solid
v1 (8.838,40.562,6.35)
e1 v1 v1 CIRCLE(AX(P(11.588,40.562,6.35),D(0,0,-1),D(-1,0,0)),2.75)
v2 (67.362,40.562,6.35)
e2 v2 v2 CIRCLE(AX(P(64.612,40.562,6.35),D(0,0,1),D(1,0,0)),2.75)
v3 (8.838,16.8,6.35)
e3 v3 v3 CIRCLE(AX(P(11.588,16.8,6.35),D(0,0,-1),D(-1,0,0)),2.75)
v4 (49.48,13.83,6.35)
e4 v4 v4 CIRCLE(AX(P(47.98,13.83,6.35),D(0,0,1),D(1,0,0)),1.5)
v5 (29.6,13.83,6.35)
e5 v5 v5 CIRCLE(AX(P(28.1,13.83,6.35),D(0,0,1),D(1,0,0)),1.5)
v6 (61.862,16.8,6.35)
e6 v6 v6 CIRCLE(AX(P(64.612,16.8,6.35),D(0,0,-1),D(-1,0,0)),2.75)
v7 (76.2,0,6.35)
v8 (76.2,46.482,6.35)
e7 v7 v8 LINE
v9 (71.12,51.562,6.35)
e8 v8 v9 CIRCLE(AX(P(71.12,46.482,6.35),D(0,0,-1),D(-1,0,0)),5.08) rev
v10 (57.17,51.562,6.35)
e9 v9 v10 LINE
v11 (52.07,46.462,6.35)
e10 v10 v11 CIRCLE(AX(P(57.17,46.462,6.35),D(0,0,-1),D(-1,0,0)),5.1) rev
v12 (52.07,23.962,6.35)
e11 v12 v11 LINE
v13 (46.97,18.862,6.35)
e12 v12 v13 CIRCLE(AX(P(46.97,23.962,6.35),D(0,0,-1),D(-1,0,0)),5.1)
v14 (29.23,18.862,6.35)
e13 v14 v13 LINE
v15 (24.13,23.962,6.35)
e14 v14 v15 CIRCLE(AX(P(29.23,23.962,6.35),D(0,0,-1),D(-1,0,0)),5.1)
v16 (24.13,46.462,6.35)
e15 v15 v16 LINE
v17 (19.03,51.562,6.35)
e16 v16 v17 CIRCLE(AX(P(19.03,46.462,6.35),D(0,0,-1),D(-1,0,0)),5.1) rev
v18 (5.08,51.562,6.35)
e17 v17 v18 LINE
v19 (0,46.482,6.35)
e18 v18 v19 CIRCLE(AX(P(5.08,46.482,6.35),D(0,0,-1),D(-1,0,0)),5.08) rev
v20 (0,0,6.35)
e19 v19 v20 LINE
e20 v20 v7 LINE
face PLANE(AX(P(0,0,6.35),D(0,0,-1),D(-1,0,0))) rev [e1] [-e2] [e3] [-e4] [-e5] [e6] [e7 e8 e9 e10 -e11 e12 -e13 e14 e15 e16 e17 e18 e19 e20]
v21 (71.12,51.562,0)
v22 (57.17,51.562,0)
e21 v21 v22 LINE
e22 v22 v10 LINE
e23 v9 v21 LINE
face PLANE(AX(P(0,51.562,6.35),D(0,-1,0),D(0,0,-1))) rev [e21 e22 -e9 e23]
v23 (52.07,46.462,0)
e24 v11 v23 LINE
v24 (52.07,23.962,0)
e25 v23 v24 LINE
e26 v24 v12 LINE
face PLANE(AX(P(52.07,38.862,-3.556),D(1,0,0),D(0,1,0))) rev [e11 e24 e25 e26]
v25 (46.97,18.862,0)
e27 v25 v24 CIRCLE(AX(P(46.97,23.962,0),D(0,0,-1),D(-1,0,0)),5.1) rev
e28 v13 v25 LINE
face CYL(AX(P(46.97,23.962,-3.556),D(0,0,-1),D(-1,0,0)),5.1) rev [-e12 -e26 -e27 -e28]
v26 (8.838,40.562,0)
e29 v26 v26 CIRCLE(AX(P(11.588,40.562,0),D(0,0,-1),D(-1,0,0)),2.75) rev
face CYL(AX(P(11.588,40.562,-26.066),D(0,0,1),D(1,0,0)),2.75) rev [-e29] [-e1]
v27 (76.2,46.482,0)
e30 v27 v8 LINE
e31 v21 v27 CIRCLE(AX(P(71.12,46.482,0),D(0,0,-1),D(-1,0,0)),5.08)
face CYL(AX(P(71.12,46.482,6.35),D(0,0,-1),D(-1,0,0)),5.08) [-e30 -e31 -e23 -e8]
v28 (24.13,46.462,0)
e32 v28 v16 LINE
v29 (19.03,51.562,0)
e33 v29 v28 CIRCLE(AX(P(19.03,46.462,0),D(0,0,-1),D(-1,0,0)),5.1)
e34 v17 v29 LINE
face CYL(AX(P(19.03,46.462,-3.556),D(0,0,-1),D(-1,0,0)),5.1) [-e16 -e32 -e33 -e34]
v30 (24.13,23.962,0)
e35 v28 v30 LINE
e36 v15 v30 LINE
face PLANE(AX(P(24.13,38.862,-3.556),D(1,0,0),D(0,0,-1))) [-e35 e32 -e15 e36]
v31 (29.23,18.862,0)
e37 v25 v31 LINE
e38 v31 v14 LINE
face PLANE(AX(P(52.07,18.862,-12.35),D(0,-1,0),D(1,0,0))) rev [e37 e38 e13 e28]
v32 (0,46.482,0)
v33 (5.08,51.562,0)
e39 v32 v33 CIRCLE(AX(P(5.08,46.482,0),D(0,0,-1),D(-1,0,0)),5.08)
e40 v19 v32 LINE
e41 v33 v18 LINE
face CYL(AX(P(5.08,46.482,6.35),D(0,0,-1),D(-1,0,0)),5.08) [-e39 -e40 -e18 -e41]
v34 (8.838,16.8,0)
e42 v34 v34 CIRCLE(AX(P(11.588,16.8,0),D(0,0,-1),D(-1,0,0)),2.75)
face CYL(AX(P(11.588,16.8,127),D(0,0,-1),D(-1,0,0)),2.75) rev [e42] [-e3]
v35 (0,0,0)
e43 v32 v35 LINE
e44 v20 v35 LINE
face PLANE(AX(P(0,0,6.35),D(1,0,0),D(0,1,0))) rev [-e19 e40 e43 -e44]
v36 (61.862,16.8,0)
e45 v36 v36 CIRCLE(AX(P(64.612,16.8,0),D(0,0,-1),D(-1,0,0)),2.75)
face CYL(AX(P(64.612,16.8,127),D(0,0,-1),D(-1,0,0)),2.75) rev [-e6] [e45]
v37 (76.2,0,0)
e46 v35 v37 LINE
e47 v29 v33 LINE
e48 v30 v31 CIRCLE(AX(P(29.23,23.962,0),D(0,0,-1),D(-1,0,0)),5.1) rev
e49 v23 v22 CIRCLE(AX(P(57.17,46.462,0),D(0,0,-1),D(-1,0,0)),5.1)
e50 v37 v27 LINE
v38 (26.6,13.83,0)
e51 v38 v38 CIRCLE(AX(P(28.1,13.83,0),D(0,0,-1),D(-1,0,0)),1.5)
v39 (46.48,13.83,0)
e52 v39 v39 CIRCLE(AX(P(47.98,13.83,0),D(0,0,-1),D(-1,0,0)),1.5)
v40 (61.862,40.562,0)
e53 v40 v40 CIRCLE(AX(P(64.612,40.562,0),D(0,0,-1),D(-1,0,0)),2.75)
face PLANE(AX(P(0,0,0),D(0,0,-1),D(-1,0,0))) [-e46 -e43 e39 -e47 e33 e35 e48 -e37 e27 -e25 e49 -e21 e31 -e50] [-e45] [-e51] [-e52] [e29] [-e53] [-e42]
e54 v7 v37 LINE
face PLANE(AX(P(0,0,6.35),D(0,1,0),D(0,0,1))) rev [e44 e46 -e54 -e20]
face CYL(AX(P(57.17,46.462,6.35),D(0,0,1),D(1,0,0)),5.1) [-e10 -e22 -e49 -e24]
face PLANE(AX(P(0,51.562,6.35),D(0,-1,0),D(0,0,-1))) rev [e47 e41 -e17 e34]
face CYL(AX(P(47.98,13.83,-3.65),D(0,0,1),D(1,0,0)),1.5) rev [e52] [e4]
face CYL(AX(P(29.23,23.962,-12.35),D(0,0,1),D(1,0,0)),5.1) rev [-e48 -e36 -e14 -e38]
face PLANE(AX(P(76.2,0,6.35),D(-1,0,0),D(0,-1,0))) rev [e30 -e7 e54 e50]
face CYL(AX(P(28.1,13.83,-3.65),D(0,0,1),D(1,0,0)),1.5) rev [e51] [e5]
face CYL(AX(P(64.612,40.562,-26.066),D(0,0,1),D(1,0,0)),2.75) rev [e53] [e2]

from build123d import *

# Parameters (mm, degrees)
SKETCH1_W           = 76.2
SKETCH1_H           = 51.562
BOSS_EXTRUDE1_DEPTH = 6.35
SKETCH2_W           = 27.94
SKETCH2_H           = 12.7
CUT_EXTRUDE1_DEPTH  = 9.906
FILLET1_R           = 5.08
SKETCH7_R           = 2.75
CUT_EXTRUDE2_DEPTH  = 127
CUT_EXTRUDE4_DEPTH  = 32.416
SKETCH9_W           = 27.94
SKETCH9_H           = 20
CUT_EXTRUDE5_DEPTH  = 18.7
FILLET2_R           = 5.1
SKETCH10_R          = 1.5
CUT_EXTRUDE6_DEPTH  = 10


with BuildPart() as part:
    # Sketch1 → Boss-Extrude1 (new body)
    with BuildSketch(Plane.XY):
        with Locations((38.1, 25.781)):
            Rectangle(SKETCH1_W, SKETCH1_H)
    extrude(amount=BOSS_EXTRUDE1_DEPTH)

    # Sketch2 → Cut-Extrude1 (cut)
    with BuildSketch(Plane.XY.offset(6.35)):
        with Locations((38.1, 45.212)):
            Rectangle(SKETCH2_W, SKETCH2_H)
    extrude(amount=-CUT_EXTRUDE1_DEPTH, mode=Mode.SUBTRACT)

    # Fillet1
    fillet1_edges = [part.edges().sort_by_distance(p)[0] for p in [
        (0, 51.562, 3.175),
        (76.2, 51.562, 3.175),
    ]]
    fillet(fillet1_edges, radius=FILLET1_R)

    # Sketch7 → Cut-Extrude2 (cut)
    with BuildSketch(Plane(origin=(0, 0, 0), x_dir=(-1, 0, 0), z_dir=(0, 0, -1))):
        with Locations((-11.588, 16.8)):
            Circle(SKETCH7_R)
        with Locations((-64.612, 16.8)):
            Circle(SKETCH7_R)
    extrude(amount=-CUT_EXTRUDE2_DEPTH, mode=Mode.SUBTRACT)

    # Sketch8 → Cut-Extrude4 (cut)
    with BuildSketch(Plane.XY.offset(6.35)):
        with BuildLine():
            ThreePointArc((64.612, 43.312), (61.862, 40.562), (64.612, 37.812))
            Line((64.612, 37.812), (64.612, 40.562))
            Line((64.612, 40.562), (64.612, 43.312))
        make_face()
        with BuildLine():
            Line((64.612, 40.562), (64.612, 37.812))
            ThreePointArc((64.612, 37.812), (66.556543648, 38.617456352), (67.362, 40.562))
            ThreePointArc((67.362, 40.562), (66.556543648, 42.506543648), (64.612, 43.312))
            Line((64.612, 43.312), (64.612, 40.562))
        make_face()
    cut_extrude4 = extrude(amount=-CUT_EXTRUDE4_DEPTH, mode=Mode.SUBTRACT)

    # Mirror2: Cut-Extrude4 across plane
    add(cut_extrude4.mirror(Plane.ZY.offset(-38.1)), mode=Mode.SUBTRACT)

    # Sketch9 → Cut-Extrude5 (cut)
    with BuildSketch(Plane.XY.offset(6.35)):
        with Locations((38.1, 28.862)):
            Rectangle(SKETCH9_W, SKETCH9_H)
    extrude(amount=-CUT_EXTRUDE5_DEPTH, mode=Mode.SUBTRACT)

    # Fillet2
    fillet2_edges = [part.edges().sort_by_distance(p)[0] for p in [
        (52.07, 51.562, 3.175),
        (24.13, 51.562, 3.175),
        (52.07, 18.862, 3.175),
        (24.13, 18.862, 3.175),
    ]]
    fillet(fillet2_edges, radius=FILLET2_R)

    # Sketch10 → Cut-Extrude6 (cut)
    with BuildSketch(Plane.XY.offset(6.35)):
        with Locations((47.98, 13.83)):
            Circle(SKETCH10_R)
        with Locations((28.1, 13.83)):
            Circle(SKETCH10_R)
    extrude(amount=-CUT_EXTRUDE6_DEPTH, mode=Mode.SUBTRACT)


solid = part.part
